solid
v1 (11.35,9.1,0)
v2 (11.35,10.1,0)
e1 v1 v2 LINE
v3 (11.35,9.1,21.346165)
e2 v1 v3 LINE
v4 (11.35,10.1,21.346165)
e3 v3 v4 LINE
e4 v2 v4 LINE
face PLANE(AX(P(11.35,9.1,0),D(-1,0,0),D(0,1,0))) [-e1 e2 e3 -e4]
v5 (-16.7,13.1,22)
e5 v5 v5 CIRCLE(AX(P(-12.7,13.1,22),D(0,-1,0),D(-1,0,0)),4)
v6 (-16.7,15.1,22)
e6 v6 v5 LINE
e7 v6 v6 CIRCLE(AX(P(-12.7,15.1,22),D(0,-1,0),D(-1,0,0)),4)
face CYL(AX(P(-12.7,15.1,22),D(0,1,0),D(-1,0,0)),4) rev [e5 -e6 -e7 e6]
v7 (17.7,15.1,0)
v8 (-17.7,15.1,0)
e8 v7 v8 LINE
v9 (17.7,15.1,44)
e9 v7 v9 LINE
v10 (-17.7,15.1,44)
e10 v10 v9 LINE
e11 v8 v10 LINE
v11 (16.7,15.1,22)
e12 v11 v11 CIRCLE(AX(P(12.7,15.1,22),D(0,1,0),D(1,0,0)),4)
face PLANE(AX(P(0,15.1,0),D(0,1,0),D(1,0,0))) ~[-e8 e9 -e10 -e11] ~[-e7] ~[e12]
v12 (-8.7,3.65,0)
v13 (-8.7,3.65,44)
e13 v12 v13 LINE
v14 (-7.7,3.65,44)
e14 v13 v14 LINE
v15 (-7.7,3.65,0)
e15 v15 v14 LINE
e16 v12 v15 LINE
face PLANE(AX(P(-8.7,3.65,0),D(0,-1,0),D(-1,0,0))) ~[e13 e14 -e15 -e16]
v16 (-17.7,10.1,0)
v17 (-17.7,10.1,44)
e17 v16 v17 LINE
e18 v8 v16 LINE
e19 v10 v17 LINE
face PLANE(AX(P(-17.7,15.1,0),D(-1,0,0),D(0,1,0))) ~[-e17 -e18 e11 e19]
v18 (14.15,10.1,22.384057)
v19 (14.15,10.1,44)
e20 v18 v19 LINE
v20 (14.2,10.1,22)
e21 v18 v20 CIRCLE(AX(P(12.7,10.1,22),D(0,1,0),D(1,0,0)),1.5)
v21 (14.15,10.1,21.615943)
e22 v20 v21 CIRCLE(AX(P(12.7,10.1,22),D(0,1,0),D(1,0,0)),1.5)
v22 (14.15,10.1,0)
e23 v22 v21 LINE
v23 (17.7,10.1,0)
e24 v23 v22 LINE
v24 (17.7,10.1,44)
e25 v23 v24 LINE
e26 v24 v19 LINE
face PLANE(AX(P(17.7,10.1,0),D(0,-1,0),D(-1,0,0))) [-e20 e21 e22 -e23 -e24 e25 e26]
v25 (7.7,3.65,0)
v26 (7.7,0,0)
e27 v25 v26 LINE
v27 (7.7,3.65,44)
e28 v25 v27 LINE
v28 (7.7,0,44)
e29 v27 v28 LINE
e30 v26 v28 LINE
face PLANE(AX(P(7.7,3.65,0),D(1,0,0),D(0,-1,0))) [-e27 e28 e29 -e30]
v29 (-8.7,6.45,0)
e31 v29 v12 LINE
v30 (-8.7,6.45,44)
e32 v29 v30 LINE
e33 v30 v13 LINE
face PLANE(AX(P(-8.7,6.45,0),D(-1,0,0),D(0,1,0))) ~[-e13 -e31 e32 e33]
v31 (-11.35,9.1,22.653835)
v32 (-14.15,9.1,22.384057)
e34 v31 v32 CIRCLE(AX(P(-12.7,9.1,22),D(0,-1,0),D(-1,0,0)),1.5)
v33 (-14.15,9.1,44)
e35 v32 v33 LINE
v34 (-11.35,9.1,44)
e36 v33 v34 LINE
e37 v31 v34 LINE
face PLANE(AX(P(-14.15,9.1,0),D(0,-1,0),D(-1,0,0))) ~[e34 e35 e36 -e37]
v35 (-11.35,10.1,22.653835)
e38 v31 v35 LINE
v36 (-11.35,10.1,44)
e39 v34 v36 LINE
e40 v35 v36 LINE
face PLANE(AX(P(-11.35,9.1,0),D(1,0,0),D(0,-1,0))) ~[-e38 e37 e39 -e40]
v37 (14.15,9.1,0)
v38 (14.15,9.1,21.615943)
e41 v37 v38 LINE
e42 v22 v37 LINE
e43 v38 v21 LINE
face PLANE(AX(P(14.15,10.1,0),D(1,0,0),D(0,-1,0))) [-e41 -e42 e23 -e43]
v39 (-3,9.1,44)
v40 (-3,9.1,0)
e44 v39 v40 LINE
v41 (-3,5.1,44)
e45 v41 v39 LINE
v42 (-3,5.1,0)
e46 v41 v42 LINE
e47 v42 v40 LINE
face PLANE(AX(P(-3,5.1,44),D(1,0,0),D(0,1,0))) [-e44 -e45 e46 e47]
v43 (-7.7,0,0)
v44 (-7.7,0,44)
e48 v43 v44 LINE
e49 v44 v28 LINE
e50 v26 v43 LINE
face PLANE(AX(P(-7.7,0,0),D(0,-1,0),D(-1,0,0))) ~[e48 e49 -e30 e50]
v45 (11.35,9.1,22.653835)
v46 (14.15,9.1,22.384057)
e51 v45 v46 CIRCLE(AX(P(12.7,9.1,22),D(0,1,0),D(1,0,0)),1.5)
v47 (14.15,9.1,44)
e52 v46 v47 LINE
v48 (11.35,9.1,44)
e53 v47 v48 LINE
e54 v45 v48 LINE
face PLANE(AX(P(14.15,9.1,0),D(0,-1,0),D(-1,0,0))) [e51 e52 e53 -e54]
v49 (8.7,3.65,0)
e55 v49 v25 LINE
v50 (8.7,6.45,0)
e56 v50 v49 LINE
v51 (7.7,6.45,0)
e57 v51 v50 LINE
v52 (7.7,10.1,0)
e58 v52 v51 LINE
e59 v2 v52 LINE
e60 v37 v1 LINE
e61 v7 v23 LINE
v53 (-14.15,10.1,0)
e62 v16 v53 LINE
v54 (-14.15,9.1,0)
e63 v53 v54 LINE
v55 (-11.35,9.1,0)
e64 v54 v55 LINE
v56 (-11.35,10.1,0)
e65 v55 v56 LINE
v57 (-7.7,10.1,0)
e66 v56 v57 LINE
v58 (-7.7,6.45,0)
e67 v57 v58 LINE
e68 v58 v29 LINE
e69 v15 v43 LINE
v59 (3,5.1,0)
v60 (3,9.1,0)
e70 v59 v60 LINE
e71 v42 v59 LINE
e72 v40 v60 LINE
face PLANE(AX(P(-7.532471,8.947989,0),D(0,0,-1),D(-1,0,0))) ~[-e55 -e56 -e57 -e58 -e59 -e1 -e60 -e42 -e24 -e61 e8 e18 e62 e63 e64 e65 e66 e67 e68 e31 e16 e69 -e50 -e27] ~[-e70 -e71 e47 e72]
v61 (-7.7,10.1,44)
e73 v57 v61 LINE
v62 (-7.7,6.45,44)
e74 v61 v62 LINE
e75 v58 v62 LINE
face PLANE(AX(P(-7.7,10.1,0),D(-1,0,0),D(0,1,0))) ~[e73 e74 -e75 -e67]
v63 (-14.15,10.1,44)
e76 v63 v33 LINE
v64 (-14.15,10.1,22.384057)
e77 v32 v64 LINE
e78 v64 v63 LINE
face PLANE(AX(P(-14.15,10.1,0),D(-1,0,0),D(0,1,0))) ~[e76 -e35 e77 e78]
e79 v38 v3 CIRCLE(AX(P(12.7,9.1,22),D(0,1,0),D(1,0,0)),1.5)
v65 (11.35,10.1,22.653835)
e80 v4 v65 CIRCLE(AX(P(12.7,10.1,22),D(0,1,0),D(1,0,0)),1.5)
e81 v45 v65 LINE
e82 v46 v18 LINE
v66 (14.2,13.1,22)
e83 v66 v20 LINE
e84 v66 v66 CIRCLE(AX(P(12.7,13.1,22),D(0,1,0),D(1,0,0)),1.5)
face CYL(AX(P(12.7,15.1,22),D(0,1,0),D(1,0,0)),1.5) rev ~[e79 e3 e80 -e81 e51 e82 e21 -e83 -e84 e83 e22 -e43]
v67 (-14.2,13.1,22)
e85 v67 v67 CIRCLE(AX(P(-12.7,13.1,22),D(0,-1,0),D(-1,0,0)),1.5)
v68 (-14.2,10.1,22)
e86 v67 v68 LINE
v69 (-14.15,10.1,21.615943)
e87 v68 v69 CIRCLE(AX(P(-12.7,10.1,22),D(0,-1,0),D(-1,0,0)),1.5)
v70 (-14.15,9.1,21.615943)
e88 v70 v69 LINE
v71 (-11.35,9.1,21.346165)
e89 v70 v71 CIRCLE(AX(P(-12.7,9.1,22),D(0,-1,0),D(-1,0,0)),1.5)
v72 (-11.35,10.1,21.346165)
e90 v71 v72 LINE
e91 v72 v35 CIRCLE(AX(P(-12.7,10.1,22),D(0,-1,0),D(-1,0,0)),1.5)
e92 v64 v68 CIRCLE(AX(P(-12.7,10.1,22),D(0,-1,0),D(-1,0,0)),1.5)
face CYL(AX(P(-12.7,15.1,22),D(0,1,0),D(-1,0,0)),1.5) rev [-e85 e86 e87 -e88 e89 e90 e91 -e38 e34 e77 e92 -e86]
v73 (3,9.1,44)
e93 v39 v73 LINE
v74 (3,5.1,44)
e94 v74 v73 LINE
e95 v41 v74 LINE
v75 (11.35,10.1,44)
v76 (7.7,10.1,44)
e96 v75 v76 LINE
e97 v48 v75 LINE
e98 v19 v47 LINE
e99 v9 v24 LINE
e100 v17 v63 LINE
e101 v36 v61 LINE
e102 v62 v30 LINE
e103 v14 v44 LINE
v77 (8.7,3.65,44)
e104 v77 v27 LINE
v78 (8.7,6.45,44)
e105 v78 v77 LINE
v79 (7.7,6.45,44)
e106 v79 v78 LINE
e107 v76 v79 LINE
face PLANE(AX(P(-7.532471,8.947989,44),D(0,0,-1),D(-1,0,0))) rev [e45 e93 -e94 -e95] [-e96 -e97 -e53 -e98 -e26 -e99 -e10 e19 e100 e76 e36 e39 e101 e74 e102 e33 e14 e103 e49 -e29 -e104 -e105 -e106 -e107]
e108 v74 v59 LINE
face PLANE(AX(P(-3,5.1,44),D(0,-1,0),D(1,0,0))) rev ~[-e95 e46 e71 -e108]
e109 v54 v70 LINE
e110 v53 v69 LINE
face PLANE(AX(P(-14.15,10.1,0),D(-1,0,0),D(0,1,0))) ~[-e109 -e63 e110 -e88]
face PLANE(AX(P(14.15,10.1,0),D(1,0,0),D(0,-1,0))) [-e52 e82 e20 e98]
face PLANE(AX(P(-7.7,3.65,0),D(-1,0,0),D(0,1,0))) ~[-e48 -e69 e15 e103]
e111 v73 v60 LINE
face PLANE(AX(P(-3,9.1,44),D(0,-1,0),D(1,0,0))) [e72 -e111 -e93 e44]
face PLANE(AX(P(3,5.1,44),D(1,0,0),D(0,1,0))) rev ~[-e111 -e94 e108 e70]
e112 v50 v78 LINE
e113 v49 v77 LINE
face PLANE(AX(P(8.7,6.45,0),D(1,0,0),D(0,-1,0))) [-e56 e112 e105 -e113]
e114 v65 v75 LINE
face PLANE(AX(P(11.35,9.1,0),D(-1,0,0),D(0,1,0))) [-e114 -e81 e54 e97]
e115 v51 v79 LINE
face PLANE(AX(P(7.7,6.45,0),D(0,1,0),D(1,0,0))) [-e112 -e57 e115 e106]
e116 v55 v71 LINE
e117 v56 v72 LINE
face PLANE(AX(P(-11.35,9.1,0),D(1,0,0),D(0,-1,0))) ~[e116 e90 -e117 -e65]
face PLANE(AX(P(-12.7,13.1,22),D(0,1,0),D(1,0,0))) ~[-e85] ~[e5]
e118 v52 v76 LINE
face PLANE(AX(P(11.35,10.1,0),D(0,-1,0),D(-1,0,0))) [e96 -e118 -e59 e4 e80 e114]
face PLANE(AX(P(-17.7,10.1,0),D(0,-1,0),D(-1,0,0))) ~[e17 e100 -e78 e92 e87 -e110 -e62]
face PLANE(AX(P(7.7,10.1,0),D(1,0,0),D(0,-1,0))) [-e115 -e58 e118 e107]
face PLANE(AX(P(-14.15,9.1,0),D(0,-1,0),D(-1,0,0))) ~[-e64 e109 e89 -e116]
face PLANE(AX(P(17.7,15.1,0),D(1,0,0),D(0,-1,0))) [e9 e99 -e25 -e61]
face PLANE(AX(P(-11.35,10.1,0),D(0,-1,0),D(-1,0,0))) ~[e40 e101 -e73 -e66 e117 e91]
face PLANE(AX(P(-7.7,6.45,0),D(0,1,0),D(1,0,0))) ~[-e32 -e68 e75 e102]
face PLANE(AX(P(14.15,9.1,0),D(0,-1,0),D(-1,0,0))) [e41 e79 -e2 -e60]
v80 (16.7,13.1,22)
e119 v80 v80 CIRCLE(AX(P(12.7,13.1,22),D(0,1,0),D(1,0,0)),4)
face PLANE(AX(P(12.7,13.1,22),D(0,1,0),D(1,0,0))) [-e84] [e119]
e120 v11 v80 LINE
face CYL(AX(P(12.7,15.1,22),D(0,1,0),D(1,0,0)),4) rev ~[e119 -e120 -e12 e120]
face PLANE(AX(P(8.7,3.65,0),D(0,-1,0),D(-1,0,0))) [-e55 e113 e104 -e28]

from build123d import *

# Parameters (mm, degrees)
BOSS_EXTRU_1_DEPTH      = 44
ESQUISSE3_R             = 1.5
ENL_V_MAT_EXTRU_2_DEPTH = 16.1
ESQUISSE4_R             = 4
ENL_V_MAT_EXTRU_3_DEPTH = 2
ESQUISSE5_W             = 6
ESQUISSE5_H             = 4
ENL_V_MAT_EXTRU_4_DEPTH = 45


with BuildPart() as part:
    # Esquisse1 → Boss.-Extru.1 (new body)
    with BuildSketch(Plane.XY):
        Polygon((0, 15.1), (17.7, 15.1), (17.7, 10.1), (14.15, 10.1), (14.15, 9.1), (11.35, 9.1), (11.35, 10.1), (7.7, 10.1), (7.7, 6.45), (8.7, 6.45), (8.7, 3.65), (7.7, 3.65), (7.7, 0), (0, 0), align=None)
    extrude(amount=BOSS_EXTRU_1_DEPTH)

    # Esquisse3 → Enlèv. mat.-Extru.2 (cut, through all)
    with BuildSketch(Plane(origin=(0, 15.1, 0), x_dir=(1, 0, 0), z_dir=(0, 1, 0))):
        with Locations((12.7, -22)):
            Circle(ESQUISSE3_R)
    extrude(amount=-ENL_V_MAT_EXTRU_2_DEPTH, mode=Mode.SUBTRACT)

    # Esquisse4 → Enlèv. mat.-Extru.3 (cut)
    with BuildSketch(Plane(origin=(0, 15.1, 0), x_dir=(1, 0, 0), z_dir=(0, 1, 0))):
        with Locations((12.7, -22)):
            Circle(ESQUISSE4_R)
    extrude(amount=-ENL_V_MAT_EXTRU_3_DEPTH, mode=Mode.SUBTRACT)

    # Symétrie1: part across plane


with BuildPart() as part_1:
    add(part.part)
    add(part.part.mirror(Plane(origin=(0, 0, 44), x_dir=(0, 0, 1), z_dir=(1, 0, 0))))

    # Esquisse5 → Enlèv. mat.-Extru.4 (cut, through all)
    with BuildSketch(Plane.XY.offset(44)):
        with Locations((0, 7.1)):
            Rectangle(ESQUISSE5_W, ESQUISSE5_H)
    extrude(amount=-ENL_V_MAT_EXTRU_4_DEPTH, mode=Mode.SUBTRACT)


solid = part_1.part
